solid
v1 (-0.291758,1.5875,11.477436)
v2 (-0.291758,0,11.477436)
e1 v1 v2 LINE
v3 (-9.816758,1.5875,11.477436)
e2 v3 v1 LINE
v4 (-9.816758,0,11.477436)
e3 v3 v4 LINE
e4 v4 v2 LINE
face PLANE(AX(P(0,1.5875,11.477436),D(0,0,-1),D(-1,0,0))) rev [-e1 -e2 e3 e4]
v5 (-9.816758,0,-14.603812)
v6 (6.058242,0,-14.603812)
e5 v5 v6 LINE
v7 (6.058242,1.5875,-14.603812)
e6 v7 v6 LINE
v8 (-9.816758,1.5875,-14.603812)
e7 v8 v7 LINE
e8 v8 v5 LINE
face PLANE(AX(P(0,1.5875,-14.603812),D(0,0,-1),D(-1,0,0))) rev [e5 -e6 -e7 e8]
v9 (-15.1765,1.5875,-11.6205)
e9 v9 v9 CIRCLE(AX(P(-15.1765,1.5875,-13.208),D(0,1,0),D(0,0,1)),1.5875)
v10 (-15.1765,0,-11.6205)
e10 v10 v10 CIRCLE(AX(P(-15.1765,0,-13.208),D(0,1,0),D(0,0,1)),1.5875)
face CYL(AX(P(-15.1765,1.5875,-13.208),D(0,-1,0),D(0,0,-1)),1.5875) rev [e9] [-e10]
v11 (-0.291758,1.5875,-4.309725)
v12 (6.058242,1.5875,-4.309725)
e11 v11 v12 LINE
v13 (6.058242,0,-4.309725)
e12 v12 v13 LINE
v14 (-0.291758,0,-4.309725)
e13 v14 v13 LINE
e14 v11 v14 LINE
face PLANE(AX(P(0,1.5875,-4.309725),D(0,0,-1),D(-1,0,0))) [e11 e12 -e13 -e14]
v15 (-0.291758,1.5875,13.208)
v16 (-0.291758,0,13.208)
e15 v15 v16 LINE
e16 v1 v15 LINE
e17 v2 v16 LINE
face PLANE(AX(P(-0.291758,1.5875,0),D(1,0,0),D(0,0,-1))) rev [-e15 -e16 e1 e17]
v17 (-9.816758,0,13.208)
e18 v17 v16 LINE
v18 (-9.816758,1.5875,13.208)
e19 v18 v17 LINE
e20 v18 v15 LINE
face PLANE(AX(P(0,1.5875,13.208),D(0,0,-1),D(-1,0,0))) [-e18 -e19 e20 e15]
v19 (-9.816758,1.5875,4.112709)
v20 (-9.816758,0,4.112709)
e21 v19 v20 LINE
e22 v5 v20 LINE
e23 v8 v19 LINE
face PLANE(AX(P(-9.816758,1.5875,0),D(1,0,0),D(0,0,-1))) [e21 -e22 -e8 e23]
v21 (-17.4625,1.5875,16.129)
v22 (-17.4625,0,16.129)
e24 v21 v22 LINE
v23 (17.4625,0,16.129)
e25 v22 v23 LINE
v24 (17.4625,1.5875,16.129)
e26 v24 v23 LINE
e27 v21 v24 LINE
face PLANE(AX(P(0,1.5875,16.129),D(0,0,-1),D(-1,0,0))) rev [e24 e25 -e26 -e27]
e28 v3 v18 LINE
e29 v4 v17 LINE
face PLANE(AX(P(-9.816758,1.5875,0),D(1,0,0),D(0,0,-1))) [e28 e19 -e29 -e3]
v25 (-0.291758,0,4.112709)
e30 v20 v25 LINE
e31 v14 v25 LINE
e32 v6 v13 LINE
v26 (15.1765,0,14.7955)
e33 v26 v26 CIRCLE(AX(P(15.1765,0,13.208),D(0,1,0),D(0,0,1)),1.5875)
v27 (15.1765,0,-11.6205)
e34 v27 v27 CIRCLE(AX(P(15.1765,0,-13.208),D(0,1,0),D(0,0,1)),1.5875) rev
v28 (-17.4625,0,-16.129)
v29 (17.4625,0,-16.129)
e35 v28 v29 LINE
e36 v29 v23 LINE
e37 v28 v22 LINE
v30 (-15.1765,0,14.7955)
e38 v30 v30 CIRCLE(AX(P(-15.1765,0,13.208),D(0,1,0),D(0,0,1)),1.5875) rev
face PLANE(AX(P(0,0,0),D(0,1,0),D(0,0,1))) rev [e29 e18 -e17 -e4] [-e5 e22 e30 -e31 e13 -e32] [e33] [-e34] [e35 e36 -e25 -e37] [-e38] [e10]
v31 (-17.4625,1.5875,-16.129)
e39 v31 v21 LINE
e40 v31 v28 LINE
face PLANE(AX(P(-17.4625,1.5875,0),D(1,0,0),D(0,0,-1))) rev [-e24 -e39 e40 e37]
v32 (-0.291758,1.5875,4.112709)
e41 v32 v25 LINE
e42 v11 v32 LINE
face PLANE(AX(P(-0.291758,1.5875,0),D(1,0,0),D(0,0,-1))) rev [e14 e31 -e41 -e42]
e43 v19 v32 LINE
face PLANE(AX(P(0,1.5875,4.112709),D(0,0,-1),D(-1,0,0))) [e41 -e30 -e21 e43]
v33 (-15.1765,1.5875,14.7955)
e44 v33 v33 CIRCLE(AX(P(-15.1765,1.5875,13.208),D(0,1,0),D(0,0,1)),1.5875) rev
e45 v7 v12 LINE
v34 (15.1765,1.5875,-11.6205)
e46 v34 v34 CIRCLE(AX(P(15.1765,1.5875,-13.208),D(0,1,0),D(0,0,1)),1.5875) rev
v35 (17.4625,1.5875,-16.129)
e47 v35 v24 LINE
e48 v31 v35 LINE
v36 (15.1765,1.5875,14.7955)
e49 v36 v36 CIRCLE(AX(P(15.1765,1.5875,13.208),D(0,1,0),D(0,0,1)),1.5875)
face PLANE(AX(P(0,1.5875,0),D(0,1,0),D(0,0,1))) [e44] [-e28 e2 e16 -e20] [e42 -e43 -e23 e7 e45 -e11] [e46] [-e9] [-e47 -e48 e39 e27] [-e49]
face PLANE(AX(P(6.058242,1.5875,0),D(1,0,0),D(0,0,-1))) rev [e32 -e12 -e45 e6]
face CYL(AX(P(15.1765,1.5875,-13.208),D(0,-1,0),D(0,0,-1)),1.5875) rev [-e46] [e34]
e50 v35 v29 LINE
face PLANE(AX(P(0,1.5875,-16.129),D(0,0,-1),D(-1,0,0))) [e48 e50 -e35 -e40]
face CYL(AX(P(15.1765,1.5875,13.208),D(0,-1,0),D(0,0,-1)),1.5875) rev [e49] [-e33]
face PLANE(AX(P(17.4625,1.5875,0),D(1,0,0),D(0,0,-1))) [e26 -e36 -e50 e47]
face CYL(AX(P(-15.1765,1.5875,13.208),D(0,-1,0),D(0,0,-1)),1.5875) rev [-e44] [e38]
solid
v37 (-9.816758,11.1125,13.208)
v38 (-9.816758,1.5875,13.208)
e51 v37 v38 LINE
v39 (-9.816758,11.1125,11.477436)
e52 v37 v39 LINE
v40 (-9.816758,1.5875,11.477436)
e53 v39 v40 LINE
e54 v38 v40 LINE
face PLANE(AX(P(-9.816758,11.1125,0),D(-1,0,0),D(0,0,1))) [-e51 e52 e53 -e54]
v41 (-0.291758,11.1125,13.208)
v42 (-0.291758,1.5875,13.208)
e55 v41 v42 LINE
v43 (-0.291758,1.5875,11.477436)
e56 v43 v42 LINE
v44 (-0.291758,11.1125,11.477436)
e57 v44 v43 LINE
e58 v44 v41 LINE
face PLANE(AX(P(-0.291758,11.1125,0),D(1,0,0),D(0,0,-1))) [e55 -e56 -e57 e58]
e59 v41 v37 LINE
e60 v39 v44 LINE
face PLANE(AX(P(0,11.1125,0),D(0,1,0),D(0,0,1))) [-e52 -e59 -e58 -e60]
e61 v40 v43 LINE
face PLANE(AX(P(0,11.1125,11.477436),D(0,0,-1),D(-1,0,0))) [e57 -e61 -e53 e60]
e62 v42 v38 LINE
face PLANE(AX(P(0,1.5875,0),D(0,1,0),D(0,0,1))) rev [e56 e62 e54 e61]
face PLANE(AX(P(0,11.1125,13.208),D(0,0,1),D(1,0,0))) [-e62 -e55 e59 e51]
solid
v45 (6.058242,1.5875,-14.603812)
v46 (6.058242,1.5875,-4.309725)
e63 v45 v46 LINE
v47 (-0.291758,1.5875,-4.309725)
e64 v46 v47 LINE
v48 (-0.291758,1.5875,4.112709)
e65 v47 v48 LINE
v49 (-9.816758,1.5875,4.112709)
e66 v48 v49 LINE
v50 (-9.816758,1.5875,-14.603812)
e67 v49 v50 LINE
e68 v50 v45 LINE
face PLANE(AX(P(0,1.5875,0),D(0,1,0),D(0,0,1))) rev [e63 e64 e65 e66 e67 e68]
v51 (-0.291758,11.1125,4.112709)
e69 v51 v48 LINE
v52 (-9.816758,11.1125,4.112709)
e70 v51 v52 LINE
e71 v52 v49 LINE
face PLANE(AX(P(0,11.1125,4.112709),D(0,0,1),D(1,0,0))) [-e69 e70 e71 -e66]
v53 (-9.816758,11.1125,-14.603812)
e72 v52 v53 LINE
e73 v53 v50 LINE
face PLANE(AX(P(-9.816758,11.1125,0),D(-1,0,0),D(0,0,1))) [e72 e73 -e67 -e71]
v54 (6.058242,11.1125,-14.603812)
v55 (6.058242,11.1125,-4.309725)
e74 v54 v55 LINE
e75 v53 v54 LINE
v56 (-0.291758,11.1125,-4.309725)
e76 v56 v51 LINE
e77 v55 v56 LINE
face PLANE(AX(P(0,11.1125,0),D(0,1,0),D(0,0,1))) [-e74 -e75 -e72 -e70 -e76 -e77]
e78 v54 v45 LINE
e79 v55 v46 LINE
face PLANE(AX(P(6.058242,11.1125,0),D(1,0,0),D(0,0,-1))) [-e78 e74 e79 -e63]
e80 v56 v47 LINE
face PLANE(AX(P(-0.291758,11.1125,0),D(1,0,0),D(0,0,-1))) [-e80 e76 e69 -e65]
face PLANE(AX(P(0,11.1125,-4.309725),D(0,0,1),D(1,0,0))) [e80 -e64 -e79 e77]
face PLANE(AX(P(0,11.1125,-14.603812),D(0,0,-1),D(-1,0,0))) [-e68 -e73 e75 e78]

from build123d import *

# Parameters (mm, degrees)
SKETCH2_W             = 34.925
SKETCH2_H             = 32.258
SKETCH2_R             = 1.5875
SKETCH2_W_2           = 9.525
SKETCH2_H_2           = 1.73056427
BOSS_EXTRUDE1_DEPTH   = 1.5875
BOSS_EXTRUDE2_DEPTH   = 9.525
SKETCH3_W             = 9.525
SKETCH3_H             = 1.73056427
BOSS_EXTRUDE2_2_DEPTH = 9.525


with BuildPart() as part:
    # Sketch2 → Boss-Extrude1 (new body)
    with BuildSketch(Plane(origin=(0, 0, 0), x_dir=(1, 0, 0), z_dir=(0, 1, 0))):
        Rectangle(SKETCH2_W, SKETCH2_H)
        with Locations(Location((-15.1765, -13.208, 0), (0, 0, 270))):
            Circle(SKETCH2_R, mode=Mode.SUBTRACT)
        with Locations((-5.054257583, -12.342717865)):
            Rectangle(SKETCH2_W_2, SKETCH2_H_2, mode=Mode.SUBTRACT)
        with Locations(Location((15.1765, -13.208, 0), (0, 0, 270))):
            Circle(SKETCH2_R, mode=Mode.SUBTRACT)
        Polygon((-9.816757583, -4.112709283), (-9.816757583, 14.603812005), (-0.291757583, 14.603812005), (6.058242417, 14.603812005), (6.058242417, 4.309725297), (-0.291757583, 4.309725297), (-0.291757583, -4.112709283), align=None, mode=Mode.SUBTRACT)
        with Locations(Location((-15.1765, 13.208, 0), (0, 0, 270))):
            Circle(SKETCH2_R, mode=Mode.SUBTRACT)
        with Locations(Location((15.1765, 13.208, 0), (0, 0, 270))):
            Circle(SKETCH2_R, mode=Mode.SUBTRACT)
    extrude(amount=BOSS_EXTRUDE1_DEPTH)


with BuildPart() as body_2:
    # Sketch3 → Boss-Extrude2 (new body)
    with BuildSketch(Plane(origin=(0, 1.5875, 0), x_dir=(1, 0, 0), z_dir=(0, 1, 0))):
        Polygon((-9.816757583, 14.603812005), (6.058242417, 14.603812005), (6.058242417, 4.309725297), (-0.291757583, 4.309725297), (-0.291757583, -4.112709283), (-9.816757583, -4.112709283), align=None)
    extrude(amount=BOSS_EXTRUDE2_DEPTH)


with BuildPart() as body_3:
    # Sketch3 → Boss-Extrude2 2 (new body)
    with BuildSketch(Plane(origin=(0, 1.5875, 0), x_dir=(1, 0, 0), z_dir=(0, 1, 0))):
        with Locations((-5.054257583, -12.342717865)):
            Rectangle(SKETCH3_W, SKETCH3_H)
    extrude(amount=BOSS_EXTRUDE2_2_DEPTH)


solid = Compound([part.part, body_2.part, body_3.part])
